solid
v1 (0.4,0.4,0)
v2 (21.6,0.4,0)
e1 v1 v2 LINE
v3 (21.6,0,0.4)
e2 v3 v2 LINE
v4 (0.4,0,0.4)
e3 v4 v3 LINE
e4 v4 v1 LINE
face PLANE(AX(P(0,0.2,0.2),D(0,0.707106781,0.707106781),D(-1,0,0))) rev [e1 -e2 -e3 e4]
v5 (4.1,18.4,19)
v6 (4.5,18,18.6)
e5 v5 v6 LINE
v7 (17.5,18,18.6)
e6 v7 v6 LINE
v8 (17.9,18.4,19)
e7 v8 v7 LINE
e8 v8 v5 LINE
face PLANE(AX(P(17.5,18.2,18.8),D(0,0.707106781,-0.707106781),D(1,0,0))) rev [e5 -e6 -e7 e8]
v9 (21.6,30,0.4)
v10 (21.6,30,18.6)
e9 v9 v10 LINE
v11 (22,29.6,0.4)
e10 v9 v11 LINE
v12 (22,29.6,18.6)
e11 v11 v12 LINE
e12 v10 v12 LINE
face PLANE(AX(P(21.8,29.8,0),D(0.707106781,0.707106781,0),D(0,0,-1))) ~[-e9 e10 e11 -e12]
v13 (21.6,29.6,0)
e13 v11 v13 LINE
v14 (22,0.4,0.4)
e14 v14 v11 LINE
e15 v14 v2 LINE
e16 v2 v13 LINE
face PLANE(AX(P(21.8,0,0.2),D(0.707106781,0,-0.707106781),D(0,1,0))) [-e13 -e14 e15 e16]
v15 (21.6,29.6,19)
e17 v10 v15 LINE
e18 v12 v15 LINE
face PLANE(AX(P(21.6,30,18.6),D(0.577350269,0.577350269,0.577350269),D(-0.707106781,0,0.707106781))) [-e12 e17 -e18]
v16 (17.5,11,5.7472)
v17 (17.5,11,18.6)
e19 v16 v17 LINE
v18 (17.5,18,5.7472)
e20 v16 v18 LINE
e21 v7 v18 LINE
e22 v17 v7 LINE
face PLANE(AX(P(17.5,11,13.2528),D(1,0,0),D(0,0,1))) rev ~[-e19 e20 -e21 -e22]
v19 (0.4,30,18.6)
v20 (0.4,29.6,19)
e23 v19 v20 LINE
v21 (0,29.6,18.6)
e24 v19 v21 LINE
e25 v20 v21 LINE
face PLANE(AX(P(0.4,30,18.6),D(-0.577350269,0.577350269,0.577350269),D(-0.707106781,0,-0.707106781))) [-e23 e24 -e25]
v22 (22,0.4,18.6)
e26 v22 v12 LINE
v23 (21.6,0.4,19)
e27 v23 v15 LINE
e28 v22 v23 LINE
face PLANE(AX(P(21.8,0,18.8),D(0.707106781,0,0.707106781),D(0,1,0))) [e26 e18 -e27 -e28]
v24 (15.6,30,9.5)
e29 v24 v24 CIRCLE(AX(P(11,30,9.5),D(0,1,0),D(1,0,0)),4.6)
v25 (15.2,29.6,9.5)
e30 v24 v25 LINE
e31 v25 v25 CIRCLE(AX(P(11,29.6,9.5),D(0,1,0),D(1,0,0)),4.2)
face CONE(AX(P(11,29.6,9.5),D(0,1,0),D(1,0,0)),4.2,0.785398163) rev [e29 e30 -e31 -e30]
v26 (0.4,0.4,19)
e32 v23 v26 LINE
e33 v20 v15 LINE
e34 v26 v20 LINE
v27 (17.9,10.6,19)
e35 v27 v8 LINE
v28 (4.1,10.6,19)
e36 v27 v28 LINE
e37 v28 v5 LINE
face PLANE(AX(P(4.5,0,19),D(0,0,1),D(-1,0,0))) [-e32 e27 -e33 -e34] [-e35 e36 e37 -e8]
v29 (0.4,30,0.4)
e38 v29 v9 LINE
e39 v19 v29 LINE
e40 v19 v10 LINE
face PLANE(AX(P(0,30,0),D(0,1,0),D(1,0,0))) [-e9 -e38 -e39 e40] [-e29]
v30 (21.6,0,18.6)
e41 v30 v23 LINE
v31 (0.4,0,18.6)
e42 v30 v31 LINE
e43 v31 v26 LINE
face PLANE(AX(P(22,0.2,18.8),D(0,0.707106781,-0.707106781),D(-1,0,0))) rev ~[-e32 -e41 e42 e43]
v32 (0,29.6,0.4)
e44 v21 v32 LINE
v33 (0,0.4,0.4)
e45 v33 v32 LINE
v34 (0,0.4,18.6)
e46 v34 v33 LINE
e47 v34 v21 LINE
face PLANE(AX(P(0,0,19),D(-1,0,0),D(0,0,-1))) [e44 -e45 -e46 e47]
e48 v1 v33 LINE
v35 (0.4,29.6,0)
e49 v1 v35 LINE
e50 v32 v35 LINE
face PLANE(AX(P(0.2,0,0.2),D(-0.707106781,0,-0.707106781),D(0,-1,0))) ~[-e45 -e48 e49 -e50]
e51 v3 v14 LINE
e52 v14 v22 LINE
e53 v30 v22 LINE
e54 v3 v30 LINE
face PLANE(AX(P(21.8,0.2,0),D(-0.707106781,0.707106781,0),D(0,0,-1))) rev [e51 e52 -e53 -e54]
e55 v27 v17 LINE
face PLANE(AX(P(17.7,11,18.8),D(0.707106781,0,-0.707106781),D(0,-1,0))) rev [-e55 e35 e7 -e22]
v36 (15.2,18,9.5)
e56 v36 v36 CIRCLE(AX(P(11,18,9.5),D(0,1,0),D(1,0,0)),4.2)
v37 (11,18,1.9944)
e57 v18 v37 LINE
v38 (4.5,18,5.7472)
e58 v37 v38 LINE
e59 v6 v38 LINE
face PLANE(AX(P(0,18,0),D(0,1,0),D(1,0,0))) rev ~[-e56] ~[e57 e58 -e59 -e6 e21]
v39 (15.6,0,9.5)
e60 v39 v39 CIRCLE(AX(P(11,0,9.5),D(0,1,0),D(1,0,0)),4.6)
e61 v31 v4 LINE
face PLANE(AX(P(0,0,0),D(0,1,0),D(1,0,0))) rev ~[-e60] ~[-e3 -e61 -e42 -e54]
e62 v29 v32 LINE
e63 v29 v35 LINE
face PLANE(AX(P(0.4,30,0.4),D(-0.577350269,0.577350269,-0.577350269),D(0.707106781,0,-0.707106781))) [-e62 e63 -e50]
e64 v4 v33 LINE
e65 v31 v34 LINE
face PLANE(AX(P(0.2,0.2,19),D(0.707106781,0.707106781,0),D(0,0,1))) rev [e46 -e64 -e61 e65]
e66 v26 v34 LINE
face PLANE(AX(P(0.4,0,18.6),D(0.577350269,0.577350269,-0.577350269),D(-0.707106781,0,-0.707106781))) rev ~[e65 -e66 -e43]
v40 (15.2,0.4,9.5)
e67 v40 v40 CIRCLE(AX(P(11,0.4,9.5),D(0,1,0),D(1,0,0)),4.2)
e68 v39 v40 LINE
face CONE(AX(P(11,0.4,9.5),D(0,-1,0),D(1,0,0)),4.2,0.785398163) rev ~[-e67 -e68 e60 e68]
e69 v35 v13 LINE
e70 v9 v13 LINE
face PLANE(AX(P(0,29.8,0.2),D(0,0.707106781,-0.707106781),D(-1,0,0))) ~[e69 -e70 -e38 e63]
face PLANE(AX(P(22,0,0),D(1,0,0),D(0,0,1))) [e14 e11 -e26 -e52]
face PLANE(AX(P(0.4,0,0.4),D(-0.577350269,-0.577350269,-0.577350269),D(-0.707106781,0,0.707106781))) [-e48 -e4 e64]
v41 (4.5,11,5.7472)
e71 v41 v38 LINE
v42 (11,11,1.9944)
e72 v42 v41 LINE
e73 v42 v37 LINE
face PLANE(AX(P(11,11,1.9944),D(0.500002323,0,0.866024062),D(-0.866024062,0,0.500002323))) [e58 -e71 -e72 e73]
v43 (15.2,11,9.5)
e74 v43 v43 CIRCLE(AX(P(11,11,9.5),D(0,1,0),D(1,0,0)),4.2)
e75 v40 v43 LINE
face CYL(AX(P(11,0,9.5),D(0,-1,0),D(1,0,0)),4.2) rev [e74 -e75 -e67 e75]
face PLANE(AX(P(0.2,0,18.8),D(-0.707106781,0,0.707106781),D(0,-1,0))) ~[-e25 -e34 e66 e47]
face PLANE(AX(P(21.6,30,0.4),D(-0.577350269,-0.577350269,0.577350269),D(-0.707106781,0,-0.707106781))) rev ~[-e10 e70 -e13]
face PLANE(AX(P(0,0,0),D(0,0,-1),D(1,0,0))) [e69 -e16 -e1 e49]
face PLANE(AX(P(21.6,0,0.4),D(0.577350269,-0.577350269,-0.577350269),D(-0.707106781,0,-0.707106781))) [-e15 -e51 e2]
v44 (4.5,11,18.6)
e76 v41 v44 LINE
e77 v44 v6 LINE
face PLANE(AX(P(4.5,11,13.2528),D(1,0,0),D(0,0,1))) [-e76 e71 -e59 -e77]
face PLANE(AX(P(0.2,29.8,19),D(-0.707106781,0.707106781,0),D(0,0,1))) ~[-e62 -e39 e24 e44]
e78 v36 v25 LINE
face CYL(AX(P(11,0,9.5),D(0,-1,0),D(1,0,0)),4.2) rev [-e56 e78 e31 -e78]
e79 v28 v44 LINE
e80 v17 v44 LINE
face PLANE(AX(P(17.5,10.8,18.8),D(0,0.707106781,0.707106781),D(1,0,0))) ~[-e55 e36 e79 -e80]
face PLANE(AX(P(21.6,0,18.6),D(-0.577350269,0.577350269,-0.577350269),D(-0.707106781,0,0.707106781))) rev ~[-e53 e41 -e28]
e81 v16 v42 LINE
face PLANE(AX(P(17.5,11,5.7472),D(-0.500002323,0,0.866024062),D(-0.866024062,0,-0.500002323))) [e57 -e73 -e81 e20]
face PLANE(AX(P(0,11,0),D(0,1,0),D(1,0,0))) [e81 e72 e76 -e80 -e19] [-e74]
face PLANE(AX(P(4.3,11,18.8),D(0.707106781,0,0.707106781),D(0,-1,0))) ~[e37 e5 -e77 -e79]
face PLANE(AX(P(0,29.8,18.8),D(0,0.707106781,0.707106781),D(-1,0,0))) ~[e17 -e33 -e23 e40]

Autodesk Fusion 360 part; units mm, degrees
sketch "Sketch1" plane through (0, 0, 0) normal (0, 1, 0) x (1, 0, 0)
  line L0 (0, 0) -> (22, 0)
  line L1 (22, 0) -> (22, -19)
  line L2 (22, -19) -> (0, -19)
  line L3 (0, -19) -> (0, 0)
  line L4 (0, -9.5) -> (22, -9.5) construction
  line L5 (17.5, -13.2528) -> (17.5, -5.7472)
  line L6 (17.5, -5.7472) -> (11, -1.9944)
  line L7 (11, -1.9944) -> (4.5, -5.7472)
  line L8 (4.5, -5.7472) -> (4.5, -13.2528)
  line L9 (4.5, -13.2528) -> (11, -17.0056)
  line L10 (11, -17.0056) -> (17.5, -13.2528)
  line L11 (17.5, -13.2528) -> (17.5, -19)
  line L12 (4.5, -13.2528) -> (4.5, -19)
  circle A0 centre (11, -9.5) radius 4.2
  point P0 (11, -9.5)
  dimension "d1" = 19
  dimension "d2" = 22
  dimension "d3" = 13
  dimension "d4" = 8.4
extrude "Extrude1" add sketch "Sketch1" along normal blind 30
extrude "Extrude2" cut sketch "Sketch1" along normal blind 7 from surface at 11 contours L2 L9 L10 L11 L12 | L5 L6 L7 L8 L9 L10
chamfer "Chamfer1" distance 0.4 angle 45 18 edges at (0, 15, 19) (0, 15, 0) (22, 15, 19) (22, 15, 0) (22, 30, 9.5) (11, 30, 19) (0, 30, 9.5) (11, 30, 0) (22, 0, 9.5) (11, 0, 19) (11, 0, 0) (0, 0, 9.5) (4.5, 14.5, 19) (17.5, 14.5, 19) (7.0842, 0, 7.9812) (7.0842, 30, 7.9812) (11, 18, 19) (11, 11, 19)
